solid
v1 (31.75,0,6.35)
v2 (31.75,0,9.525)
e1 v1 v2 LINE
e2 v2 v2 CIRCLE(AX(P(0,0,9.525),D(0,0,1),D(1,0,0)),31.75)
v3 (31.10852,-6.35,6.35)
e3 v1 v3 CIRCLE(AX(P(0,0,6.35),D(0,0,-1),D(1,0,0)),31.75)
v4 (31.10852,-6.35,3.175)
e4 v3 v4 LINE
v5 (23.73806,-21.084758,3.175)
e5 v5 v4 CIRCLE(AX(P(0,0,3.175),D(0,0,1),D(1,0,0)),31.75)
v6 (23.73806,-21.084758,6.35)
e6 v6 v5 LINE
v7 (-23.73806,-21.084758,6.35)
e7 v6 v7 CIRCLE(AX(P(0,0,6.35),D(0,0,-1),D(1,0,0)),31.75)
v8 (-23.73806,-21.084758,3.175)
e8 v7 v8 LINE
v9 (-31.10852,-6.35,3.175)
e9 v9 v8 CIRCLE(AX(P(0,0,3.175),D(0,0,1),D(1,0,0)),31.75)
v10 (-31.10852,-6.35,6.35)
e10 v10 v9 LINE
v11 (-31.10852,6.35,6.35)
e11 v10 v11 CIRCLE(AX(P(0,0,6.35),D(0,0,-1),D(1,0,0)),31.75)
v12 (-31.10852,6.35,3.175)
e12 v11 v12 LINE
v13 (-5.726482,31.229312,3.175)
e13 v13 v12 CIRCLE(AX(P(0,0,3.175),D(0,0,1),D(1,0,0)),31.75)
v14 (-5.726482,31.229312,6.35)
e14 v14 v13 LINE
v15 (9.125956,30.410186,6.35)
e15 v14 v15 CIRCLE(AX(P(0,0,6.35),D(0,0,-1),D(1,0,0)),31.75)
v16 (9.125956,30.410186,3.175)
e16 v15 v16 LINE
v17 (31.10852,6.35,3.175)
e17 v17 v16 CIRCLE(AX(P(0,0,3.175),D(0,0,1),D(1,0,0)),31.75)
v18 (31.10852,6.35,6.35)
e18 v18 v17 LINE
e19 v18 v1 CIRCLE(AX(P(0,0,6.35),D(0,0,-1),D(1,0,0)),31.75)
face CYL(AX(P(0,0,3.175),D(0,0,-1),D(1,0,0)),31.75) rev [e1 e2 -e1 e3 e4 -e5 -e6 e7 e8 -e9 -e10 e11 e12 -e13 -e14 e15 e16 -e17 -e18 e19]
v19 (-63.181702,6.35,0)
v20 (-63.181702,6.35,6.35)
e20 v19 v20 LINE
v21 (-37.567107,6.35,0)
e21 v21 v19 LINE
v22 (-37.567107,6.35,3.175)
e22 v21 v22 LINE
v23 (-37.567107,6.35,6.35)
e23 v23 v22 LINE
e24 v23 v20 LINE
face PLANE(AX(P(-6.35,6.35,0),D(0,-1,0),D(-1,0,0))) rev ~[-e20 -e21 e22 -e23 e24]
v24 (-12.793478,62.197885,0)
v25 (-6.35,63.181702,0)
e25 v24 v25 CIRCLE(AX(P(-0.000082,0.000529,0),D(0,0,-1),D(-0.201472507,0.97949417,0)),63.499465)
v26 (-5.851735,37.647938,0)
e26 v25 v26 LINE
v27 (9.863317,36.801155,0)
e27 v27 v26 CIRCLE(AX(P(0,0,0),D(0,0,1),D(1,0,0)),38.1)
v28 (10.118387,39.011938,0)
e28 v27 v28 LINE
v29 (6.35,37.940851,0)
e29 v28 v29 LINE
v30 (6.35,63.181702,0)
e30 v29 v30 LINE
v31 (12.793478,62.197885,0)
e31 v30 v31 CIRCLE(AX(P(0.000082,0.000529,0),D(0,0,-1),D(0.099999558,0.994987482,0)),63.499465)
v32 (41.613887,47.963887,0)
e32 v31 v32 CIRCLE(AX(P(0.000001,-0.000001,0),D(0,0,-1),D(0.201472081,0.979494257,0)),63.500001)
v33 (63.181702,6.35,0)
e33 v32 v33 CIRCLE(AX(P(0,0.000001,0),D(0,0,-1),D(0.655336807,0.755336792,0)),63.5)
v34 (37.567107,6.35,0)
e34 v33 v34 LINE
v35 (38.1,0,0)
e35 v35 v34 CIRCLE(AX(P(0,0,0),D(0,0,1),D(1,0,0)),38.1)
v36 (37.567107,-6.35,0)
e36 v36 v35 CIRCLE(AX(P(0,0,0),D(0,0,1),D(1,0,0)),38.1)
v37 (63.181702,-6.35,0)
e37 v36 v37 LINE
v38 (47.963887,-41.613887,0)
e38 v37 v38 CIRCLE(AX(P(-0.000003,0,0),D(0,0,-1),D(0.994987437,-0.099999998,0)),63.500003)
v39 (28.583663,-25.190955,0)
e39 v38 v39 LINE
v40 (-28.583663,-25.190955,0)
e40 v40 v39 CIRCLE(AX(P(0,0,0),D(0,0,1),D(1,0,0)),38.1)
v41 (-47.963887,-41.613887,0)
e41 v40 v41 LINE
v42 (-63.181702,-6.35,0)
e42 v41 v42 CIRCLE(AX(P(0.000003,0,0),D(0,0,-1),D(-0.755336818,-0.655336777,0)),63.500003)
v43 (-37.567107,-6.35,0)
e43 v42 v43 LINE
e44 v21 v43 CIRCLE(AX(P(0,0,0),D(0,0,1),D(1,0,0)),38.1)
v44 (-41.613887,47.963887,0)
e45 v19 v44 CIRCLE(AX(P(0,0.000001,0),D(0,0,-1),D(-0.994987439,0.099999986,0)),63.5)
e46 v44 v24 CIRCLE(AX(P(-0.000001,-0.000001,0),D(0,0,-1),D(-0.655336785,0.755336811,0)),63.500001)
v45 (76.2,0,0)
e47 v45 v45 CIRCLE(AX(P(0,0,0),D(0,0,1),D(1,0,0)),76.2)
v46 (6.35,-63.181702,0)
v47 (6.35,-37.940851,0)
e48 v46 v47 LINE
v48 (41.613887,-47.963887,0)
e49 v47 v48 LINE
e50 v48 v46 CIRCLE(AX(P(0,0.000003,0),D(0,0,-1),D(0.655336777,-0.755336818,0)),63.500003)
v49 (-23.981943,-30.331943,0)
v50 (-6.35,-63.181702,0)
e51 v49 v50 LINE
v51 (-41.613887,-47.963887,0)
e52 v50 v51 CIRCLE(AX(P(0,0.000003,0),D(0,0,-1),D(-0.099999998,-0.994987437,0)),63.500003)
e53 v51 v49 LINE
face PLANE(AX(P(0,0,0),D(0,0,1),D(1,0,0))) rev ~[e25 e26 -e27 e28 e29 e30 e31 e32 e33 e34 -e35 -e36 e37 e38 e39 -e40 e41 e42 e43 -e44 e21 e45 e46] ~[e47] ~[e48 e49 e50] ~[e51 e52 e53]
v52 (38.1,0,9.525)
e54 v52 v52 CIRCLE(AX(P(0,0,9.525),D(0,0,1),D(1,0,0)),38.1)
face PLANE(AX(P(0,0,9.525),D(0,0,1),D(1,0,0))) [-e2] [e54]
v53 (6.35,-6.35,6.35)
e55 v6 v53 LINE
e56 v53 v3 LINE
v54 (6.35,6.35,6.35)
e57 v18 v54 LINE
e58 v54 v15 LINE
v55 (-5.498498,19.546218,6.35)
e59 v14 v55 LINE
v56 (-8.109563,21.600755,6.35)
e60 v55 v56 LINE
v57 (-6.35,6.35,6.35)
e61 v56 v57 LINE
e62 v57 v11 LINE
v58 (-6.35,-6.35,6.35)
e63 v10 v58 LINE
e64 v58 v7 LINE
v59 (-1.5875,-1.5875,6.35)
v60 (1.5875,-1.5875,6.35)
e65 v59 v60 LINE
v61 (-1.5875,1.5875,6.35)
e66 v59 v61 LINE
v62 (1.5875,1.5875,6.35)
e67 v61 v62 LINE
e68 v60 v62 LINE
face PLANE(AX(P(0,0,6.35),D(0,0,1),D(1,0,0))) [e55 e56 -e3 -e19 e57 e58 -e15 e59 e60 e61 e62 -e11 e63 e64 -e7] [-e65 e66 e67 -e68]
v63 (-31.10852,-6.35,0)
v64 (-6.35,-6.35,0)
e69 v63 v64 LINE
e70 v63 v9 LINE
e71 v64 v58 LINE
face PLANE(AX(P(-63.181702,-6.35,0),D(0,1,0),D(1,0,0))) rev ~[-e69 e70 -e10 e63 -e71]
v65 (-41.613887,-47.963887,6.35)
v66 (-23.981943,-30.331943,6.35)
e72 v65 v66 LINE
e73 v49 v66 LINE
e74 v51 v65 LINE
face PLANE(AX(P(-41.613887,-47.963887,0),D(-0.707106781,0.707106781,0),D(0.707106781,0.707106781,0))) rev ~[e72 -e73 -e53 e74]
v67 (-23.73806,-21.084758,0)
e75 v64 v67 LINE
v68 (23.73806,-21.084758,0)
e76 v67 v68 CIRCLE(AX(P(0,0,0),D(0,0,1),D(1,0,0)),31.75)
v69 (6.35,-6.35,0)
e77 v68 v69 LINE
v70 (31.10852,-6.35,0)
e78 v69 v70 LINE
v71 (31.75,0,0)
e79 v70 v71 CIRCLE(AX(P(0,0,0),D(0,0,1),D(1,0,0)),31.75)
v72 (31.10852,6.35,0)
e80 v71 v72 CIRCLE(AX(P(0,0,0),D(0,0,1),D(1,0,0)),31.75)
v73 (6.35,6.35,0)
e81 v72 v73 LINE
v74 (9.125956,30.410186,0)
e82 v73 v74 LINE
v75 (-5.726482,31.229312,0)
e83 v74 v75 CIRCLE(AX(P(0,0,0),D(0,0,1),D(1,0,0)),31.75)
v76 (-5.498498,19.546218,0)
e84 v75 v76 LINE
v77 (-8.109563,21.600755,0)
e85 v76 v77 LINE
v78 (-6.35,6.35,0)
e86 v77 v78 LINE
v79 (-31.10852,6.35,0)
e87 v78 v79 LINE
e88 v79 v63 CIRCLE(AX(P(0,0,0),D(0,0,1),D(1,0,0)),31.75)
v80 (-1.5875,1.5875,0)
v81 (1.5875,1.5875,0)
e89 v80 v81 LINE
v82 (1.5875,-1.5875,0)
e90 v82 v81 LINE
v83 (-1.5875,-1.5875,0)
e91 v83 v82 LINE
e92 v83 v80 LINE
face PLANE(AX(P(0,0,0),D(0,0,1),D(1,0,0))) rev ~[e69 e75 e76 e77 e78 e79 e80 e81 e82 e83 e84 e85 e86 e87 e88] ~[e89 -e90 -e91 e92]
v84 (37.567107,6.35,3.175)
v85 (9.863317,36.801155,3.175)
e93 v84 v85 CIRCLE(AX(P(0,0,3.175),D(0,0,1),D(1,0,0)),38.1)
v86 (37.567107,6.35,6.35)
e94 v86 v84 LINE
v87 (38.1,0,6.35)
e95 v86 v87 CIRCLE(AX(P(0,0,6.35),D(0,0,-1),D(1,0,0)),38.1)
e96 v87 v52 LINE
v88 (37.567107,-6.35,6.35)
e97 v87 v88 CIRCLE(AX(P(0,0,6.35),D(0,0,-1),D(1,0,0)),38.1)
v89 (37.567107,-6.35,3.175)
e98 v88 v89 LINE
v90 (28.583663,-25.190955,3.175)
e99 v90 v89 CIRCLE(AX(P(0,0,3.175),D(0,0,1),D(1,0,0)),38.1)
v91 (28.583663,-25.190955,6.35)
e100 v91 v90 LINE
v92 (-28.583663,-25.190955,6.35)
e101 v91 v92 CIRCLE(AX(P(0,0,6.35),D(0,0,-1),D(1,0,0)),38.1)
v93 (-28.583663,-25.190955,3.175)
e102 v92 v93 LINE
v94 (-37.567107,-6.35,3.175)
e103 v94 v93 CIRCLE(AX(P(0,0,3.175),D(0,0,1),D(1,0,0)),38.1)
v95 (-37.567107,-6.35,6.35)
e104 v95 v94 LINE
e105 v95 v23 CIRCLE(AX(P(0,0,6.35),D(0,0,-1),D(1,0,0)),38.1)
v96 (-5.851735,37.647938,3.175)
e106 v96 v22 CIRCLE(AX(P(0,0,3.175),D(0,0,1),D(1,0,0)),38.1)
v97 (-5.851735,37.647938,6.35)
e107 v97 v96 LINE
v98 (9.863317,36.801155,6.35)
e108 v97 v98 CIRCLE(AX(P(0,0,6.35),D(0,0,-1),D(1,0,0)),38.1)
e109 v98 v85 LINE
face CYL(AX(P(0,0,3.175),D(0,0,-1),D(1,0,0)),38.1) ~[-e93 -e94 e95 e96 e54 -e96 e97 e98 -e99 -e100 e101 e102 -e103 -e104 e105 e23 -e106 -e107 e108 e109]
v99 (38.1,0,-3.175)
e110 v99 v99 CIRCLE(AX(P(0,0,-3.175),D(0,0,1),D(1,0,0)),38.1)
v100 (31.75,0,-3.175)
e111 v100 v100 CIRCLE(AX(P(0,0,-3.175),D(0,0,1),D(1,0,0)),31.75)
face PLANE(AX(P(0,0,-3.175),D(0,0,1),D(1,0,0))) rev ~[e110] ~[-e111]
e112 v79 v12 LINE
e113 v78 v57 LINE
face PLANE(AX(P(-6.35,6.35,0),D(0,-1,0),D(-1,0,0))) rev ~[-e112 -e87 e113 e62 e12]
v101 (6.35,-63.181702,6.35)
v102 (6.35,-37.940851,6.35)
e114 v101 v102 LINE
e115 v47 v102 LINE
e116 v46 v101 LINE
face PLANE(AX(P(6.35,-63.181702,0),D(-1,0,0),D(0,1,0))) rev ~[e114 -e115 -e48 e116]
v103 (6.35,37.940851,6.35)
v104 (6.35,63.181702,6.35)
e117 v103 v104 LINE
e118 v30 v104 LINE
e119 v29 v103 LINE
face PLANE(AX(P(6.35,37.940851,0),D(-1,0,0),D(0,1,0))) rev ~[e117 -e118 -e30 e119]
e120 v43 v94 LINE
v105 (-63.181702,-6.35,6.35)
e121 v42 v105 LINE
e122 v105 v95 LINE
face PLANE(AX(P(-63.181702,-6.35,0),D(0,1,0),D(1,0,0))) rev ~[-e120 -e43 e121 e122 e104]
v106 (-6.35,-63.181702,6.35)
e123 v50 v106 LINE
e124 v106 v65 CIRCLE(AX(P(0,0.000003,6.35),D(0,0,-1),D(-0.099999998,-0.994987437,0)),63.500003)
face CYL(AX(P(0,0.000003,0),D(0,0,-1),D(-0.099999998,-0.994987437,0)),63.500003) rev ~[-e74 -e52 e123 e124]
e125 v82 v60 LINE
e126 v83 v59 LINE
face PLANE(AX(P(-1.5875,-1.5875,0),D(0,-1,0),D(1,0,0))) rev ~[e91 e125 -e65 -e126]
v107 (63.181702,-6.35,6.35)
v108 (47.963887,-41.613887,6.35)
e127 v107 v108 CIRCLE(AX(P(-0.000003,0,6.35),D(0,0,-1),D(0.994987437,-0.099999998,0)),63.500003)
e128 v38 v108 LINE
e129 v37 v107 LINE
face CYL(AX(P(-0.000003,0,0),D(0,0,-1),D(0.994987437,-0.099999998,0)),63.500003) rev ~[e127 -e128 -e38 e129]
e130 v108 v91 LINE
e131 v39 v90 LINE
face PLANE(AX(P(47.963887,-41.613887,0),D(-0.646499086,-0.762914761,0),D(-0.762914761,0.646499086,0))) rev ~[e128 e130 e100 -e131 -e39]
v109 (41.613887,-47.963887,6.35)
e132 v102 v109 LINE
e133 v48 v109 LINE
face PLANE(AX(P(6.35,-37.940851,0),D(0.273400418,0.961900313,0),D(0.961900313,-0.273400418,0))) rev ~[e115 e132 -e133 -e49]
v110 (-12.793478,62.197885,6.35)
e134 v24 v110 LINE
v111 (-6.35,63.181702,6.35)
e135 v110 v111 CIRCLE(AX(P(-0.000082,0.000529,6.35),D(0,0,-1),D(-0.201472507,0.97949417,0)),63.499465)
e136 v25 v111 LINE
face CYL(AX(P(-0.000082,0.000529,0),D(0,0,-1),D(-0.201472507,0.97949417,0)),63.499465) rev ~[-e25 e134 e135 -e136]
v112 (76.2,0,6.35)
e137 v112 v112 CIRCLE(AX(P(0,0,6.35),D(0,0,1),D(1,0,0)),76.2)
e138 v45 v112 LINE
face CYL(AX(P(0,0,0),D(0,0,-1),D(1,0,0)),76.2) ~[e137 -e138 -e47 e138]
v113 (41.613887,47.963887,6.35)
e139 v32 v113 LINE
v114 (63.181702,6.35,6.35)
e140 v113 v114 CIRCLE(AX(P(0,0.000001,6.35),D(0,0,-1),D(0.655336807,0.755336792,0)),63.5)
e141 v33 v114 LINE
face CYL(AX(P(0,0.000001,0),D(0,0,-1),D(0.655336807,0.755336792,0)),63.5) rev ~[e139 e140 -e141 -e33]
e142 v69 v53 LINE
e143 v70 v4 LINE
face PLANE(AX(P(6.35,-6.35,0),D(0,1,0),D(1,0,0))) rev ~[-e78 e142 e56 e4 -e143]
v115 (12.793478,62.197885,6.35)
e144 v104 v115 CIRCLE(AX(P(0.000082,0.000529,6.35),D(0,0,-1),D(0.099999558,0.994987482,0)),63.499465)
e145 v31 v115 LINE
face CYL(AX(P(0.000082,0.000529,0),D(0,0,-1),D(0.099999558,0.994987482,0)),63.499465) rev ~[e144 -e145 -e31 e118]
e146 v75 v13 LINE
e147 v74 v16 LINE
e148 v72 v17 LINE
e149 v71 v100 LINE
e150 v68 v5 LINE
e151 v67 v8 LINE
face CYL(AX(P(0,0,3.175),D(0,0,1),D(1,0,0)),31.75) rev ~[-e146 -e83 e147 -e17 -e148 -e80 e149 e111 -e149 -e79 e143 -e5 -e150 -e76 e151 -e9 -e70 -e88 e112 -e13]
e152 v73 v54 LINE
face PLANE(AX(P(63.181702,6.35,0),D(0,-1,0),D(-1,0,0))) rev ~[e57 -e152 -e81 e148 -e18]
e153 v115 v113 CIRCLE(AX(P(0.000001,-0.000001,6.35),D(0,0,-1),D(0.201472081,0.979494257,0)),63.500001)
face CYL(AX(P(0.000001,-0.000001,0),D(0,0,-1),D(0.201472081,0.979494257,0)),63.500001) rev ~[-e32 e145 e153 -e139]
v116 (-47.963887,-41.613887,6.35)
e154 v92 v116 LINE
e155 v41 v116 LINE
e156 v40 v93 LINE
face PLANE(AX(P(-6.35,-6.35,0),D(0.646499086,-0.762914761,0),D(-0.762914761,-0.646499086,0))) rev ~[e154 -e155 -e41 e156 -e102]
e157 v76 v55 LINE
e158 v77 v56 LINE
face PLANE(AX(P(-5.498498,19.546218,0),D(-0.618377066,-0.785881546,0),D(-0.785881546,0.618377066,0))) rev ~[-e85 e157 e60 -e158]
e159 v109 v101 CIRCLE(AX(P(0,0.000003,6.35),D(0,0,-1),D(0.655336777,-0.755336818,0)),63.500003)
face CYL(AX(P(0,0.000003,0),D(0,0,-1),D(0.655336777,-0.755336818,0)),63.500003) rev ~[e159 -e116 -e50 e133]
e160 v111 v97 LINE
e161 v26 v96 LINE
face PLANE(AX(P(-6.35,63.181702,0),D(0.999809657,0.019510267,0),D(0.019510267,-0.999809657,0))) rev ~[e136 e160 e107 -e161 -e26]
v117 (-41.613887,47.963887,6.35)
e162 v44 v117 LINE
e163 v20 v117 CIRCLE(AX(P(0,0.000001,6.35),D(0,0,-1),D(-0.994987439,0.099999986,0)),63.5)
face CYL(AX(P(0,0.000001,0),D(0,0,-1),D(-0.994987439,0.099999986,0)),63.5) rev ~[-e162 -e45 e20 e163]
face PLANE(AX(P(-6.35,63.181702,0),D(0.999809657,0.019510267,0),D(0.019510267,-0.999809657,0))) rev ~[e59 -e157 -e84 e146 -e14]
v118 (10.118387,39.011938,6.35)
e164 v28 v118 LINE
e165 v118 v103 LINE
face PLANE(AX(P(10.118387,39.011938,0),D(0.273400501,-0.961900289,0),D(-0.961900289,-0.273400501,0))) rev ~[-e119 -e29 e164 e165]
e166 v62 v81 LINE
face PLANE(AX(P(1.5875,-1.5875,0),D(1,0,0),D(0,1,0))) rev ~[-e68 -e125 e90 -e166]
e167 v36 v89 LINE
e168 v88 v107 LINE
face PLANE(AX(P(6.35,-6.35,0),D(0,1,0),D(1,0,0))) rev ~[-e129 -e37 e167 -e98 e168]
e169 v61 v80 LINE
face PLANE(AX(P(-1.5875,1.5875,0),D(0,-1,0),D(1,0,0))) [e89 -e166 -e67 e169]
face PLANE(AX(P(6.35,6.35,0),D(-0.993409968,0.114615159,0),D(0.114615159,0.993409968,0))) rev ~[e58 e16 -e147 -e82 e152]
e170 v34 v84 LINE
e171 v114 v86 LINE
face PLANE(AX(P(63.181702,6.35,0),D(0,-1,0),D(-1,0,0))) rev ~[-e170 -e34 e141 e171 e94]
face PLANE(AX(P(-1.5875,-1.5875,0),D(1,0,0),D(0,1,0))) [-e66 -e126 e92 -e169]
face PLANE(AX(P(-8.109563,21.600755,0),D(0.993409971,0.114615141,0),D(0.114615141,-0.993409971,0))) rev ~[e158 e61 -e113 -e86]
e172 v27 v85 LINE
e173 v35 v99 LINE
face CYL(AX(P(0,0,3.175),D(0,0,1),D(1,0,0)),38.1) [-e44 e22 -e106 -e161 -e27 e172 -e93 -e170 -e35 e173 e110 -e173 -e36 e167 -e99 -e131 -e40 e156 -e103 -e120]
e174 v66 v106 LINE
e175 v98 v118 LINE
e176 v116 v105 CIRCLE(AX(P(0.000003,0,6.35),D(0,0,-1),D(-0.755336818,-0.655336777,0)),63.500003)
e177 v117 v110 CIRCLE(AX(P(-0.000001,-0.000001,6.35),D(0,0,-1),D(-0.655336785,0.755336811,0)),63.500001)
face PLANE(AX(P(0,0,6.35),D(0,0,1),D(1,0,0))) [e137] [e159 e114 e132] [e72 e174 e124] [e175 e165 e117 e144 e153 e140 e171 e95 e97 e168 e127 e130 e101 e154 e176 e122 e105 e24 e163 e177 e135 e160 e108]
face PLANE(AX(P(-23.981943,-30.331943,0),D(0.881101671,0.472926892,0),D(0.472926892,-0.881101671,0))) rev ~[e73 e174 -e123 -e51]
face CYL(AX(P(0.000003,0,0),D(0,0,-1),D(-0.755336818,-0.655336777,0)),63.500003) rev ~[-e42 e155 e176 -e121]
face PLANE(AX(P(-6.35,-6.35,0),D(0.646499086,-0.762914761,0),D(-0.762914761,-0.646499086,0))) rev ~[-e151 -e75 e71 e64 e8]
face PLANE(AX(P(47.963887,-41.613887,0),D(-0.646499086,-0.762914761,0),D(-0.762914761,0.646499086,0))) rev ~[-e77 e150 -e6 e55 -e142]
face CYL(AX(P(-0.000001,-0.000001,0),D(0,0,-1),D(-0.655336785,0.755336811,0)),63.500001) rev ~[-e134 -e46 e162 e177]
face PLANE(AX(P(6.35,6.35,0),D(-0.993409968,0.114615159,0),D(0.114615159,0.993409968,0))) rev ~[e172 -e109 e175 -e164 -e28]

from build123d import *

# Parameters (mm, degrees)
F0_R          = 76.2
F1_DEPTH      = 6.35
F3_R          = 38.1
F3_R_2        = 31.75
F4_DEPTH      = 6.35
F4_DEPTH_BACK = 6.35
F5_W          = 3.175
F5_H          = 3.175
F6_DEPTH      = 12.7


with BuildPart() as f1:
    # F0 (on Top) → F1 (new body)
    with BuildSketch(Plane.XY):
        Circle(F0_R)
        with BuildLine():
            Line((-41.613887, -47.963887), (-23.981943, -30.331943))
            Line((-23.981943, -30.331943), (-6.35, -63.181702))
            ThreePointArc((-6.35, -63.181702), (-25.160069, -58.302838), (-41.613887, -47.963887))
        make_face(mode=Mode.SUBTRACT)
        with BuildLine():
            ThreePointArc((-47.963887, -41.613887), (-58.302838, -25.160069), (-63.181702, -6.35))
            Line((-63.181702, -6.35), (-6.35, -6.35))
            Line((-6.35, -6.35), (-47.963887, -41.613887))
        make_face(mode=Mode.SUBTRACT)
        with BuildLine():
            Line((6.35, -63.181702), (6.35, -37.940851))
            Line((6.35, -37.940851), (41.613887, -47.963887))
            ThreePointArc((41.613887, -47.963887), (25.160069, -58.302838), (6.35, -63.181702))
        make_face(mode=Mode.SUBTRACT)
        with BuildLine():
            Line((47.963887, -41.613887), (6.35, -6.35))
            Line((6.35, -6.35), (63.181702, -6.35))
            ThreePointArc((63.181702, -6.35), (58.302838, -25.160069), (47.963887, -41.613887))
        make_face(mode=Mode.SUBTRACT)
        with BuildLine():
            Line((-6.35, 63.181702), (-5.498498, 19.546218))
            Line((-5.498498, 19.546218), (-8.109563, 21.600755))
            Line((-8.109563, 21.600755), (-6.35, 6.35))
            Line((-6.35, 6.35), (-63.181702, 6.35))
            ThreePointArc((-63.181702, 6.35), (-56.377813, 29.219723), (-41.613887, 47.963887))
            ThreePointArc((-41.613887, 47.963887), (-28.119246, 56.934682), (-12.793478, 62.197885))
            ThreePointArc((-12.793478, 62.197885), (-9.584371, 62.772525), (-6.35, 63.181702))
        make_face(mode=Mode.SUBTRACT)
        with BuildLine():
            Line((10.118387, 39.011938), (6.35, 37.940851))
            Line((6.35, 37.940851), (6.35, 63.181702))
            ThreePointArc((6.35, 63.181702), (9.584371, 62.772525), (12.793478, 62.197885))
            ThreePointArc((12.793478, 62.197885), (28.119246, 56.934682), (41.613887, 47.963887))
            ThreePointArc((41.613887, 47.963887), (56.377813, 29.219723), (63.181702, 6.35))
            Line((63.181702, 6.35), (6.35, 6.35))
            Line((6.35, 6.35), (10.118387, 39.011938))
        make_face(mode=Mode.SUBTRACT)
    extrude(amount=F1_DEPTH)

    # F3 (on offset) → F4 (join, two sides)
    with BuildSketch(Plane.XY.offset(3.175)) as f4_sk:
        Circle(F3_R)
        Circle(F3_R_2, mode=Mode.SUBTRACT)
    extrude(amount=F4_DEPTH)
    extrude(f4_sk.sketch, amount=-F4_DEPTH_BACK)

    # F5 (on Top) → F6 (cut, symmetric)
    with BuildSketch(Plane.XY):
        Rectangle(F5_W, F5_H)
    extrude(amount=F6_DEPTH, both=True, mode=Mode.SUBTRACT)


solid = f1.part
